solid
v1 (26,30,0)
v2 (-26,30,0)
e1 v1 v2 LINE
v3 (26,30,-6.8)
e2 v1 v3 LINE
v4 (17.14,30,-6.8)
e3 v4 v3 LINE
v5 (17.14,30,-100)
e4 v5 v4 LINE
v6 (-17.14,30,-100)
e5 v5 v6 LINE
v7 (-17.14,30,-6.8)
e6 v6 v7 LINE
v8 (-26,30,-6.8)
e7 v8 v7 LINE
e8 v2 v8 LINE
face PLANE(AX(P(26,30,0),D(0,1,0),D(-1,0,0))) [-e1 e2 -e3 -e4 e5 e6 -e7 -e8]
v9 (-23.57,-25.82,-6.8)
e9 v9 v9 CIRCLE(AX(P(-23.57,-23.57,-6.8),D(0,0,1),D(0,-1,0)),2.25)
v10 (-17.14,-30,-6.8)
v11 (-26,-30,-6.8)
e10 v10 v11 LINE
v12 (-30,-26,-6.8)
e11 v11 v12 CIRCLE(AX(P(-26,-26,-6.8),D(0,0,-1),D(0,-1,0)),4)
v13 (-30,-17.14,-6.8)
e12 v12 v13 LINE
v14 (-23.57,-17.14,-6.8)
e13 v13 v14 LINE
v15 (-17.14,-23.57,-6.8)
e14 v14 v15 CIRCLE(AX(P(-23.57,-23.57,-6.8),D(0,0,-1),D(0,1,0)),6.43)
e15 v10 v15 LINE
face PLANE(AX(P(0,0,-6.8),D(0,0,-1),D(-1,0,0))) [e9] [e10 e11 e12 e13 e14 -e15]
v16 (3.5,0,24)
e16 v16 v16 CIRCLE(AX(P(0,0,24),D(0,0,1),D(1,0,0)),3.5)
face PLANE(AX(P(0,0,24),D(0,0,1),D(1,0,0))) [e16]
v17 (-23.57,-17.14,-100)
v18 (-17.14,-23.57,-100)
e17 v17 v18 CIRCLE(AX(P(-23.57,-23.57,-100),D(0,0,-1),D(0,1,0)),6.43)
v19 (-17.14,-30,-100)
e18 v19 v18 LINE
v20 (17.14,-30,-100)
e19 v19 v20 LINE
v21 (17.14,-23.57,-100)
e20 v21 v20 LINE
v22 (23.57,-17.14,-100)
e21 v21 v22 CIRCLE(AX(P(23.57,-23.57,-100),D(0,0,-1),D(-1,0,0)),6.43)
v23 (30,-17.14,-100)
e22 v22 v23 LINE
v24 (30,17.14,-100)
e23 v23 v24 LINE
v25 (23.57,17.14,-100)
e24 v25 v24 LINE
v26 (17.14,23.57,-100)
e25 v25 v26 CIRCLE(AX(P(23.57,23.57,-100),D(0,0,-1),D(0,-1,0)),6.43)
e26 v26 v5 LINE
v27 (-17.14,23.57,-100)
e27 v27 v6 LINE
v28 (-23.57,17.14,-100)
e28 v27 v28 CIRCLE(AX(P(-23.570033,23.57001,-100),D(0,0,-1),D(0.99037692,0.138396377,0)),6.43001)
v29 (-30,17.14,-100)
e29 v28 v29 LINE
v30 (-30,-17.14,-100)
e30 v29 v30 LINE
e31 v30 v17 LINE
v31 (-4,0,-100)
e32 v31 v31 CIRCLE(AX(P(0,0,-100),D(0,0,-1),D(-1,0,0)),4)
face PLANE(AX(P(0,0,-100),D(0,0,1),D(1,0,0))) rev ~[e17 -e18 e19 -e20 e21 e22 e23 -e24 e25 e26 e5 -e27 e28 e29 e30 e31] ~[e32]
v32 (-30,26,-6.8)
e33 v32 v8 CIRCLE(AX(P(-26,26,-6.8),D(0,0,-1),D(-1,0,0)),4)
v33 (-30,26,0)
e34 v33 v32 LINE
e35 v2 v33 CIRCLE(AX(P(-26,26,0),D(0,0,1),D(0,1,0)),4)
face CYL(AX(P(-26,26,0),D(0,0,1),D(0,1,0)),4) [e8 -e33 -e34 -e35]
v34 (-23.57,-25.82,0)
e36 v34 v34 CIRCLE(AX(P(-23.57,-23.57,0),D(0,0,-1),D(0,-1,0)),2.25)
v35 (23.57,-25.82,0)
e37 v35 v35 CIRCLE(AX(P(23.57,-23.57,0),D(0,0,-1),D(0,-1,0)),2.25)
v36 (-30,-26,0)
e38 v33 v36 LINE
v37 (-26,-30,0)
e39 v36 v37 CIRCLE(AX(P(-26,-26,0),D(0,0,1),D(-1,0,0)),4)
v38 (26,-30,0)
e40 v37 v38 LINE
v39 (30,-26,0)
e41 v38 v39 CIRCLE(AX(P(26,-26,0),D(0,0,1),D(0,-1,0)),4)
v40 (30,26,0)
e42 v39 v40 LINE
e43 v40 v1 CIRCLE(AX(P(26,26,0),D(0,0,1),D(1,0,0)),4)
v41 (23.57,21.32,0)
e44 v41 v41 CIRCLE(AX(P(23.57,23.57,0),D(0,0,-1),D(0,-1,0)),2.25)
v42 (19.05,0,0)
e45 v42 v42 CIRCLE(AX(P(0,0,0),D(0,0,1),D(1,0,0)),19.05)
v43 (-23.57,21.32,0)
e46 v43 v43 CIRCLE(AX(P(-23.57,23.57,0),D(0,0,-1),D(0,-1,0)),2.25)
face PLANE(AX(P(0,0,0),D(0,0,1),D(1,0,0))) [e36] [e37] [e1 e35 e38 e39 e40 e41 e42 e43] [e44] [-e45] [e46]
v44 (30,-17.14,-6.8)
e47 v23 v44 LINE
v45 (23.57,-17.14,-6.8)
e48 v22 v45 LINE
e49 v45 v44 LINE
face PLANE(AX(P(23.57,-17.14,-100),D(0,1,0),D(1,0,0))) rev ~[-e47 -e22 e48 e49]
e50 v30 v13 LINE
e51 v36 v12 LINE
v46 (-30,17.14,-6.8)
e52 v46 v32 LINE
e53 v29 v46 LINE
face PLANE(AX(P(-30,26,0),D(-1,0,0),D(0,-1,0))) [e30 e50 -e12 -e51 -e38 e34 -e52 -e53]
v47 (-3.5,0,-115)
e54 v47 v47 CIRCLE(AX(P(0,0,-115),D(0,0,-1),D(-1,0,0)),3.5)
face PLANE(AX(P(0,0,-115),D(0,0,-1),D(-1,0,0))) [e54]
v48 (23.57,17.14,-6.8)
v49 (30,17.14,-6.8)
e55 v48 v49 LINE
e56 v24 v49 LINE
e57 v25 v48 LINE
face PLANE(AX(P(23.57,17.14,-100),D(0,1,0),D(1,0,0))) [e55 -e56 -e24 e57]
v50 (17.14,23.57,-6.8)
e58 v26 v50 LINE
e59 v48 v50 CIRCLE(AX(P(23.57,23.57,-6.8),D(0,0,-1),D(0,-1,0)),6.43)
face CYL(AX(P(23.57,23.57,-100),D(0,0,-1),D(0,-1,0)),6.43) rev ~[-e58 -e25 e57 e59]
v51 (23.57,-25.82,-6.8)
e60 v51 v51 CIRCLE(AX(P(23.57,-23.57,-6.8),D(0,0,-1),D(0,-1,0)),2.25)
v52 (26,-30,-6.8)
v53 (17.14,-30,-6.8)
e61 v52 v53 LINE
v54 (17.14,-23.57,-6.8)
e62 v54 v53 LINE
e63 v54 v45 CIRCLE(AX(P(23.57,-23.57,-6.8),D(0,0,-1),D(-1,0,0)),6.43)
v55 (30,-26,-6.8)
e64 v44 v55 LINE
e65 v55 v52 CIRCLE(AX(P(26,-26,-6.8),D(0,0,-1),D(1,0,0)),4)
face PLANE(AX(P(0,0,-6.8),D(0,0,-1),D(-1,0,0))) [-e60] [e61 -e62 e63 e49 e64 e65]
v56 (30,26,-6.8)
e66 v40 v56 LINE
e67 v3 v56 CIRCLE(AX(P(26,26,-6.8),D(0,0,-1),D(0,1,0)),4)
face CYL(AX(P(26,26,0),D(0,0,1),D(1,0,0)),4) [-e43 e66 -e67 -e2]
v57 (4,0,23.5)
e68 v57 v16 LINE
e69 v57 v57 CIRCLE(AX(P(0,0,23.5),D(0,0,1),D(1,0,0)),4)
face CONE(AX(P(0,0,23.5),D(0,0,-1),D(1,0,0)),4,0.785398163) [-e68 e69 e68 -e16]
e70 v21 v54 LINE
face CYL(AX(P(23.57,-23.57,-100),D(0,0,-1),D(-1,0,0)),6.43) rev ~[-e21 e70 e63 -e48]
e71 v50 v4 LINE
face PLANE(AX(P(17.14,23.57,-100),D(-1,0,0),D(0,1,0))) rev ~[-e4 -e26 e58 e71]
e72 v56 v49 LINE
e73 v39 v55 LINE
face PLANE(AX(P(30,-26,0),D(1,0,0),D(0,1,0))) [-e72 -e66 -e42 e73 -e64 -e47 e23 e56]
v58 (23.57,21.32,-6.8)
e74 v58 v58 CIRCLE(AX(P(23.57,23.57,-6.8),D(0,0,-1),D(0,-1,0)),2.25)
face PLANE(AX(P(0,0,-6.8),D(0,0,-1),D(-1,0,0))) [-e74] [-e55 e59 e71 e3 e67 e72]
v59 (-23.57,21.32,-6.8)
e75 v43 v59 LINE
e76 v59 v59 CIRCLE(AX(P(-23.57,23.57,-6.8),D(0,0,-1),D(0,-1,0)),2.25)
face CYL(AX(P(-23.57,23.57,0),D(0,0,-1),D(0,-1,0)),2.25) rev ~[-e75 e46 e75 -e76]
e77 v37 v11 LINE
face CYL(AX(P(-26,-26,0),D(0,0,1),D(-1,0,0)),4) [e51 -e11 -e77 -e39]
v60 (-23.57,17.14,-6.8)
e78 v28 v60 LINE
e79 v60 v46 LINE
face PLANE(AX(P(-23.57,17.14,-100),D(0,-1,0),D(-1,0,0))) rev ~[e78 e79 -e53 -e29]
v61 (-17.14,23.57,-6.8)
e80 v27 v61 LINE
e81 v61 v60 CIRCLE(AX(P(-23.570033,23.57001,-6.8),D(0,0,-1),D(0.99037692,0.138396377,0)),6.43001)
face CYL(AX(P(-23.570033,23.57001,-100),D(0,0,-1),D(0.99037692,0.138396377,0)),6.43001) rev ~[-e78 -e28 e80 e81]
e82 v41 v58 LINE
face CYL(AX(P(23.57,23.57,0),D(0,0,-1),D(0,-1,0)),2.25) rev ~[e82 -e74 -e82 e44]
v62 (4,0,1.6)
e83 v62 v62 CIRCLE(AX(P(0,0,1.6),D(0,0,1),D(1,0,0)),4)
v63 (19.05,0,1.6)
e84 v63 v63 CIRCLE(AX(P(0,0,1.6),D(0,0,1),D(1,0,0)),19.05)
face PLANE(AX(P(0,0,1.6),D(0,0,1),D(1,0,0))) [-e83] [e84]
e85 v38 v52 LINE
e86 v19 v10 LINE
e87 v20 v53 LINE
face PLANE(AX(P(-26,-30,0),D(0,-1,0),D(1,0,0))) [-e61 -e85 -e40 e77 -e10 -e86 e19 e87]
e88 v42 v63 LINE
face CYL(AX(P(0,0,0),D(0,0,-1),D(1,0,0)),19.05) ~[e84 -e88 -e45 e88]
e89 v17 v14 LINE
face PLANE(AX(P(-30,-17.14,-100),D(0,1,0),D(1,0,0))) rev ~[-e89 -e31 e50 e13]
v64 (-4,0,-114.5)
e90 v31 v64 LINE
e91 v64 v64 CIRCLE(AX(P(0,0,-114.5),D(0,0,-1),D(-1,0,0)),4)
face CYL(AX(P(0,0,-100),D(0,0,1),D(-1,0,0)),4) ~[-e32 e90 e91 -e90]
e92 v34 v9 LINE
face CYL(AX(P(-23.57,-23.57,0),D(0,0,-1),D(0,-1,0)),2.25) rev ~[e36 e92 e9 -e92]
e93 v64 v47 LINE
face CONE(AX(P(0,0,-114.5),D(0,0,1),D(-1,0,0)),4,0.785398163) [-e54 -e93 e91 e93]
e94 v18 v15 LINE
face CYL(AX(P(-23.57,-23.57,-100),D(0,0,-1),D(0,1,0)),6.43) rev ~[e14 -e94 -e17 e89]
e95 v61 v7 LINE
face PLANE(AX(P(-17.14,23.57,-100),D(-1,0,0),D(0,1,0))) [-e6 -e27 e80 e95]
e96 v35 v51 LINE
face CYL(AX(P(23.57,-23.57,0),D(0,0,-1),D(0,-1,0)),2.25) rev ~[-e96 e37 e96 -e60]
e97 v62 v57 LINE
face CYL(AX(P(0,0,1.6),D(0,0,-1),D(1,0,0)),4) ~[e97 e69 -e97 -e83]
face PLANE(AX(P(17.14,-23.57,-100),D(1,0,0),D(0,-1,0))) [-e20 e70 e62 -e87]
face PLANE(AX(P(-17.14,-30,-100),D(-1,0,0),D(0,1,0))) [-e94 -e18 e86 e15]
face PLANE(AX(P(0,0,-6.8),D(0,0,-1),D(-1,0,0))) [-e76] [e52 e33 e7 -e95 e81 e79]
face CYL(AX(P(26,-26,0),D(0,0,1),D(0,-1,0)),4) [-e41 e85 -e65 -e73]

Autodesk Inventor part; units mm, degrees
ref_plane "YZ Plane" through (0, 0, 0) normal (1, 0, 0) x (0, 1, 0)
ref_plane "XZ Plane" through (0, 0, 0) normal (0, 1, 0) x (-1, 0, 0)
ref_plane "XY Plane" through (0, 0, 0) normal (0, 0, 1) x (1, 0, 0)
sketch "Skizze1" plane through (0, 0, 0) normal (0, 0, 1) x (1, 0, 0)
  line L0 (-26, -30) -> (26, -30)
  line L1 (30, -26) -> (30, 26)
  line L2 (26, 30) -> (-26, 30)
  line L3 (-30, 26) -> (-30, -26)
  line L4 (-30, -30) -> (30, 30) construction
  line L5 (30, -30) -> (-30, 30) construction
  arc A0 (30, 26) -> (26, 30) centre (26, 26) ccw
  arc A1 (26, -30) -> (30, -26) centre (26, -26) ccw
  arc A2 (-30, -26) -> (-26, -30) centre (-26, -26) ccw
  arc A3 (-26, 30) -> (-30, 26) centre (-26, 26) ccw
  point P0 (0, 0)
  dimension "d0" = 4
  dimension "d1" = 60
extrude "Extrusion1" add sketch "Skizze1" against normal blind 100
sketch "Skizze2" plane through (0, 0, 0) normal (0, 0, 1) x (1, 0, 0)
  circle A0 centre (0, 0) radius 19.05
  dimension "d4" = 38.1
extrude "Extrusion2" add sketch "Skizze2" along normal blind 1.6
sketch "Skizze4" plane through (0, 0, 0) normal (0, 0, 1) x (1, 0, 0)
  circle A0 centre (0, 0) radius 19.05 projected
  line L0 (30, 26) -> (30, -26) projected
  arc A1 (30, 26) -> (26, 30) centre (26, 26) ccw projected
  line L1 (-26, 30) -> (26, 30) projected
  arc A2 (-26, 30) -> (-30, 26) centre (-26, 26) ccw projected
  line L2 (-30, -26) -> (-30, 26) projected
  arc A3 (-30, -26) -> (-26, -30) centre (-26, -26) ccw projected
  line L3 (26, -30) -> (-26, -30) projected
  arc A4 (26, -30) -> (30, -26) centre (26, -26) ccw projected
  line L4 (26, -26) -> (-26, 26) construction
  line L5 (-23.57, 23.57) -> (23.57, 23.57) construction
  line L6 (23.57, 23.57) -> (23.57, -23.57) construction
  line L7 (23.57, -23.57) -> (-23.57, -23.57) construction
  line L8 (-23.57, -23.57) -> (-23.57, 23.57) construction
  line L9 (-23.57, 23.57) -> (23.57, -23.57) construction
  line L10 (23.57, 23.57) -> (-23.57, -23.57) construction
  dimension "d15" = 47.14
hole "Bohrung1" at (23.57, 23.57, 0) at (-23.57, 23.57, 0) at (-23.57, -23.57, 0) at (23.57, -23.57, 0) direction (0, 0, -1) diameter 4.5 end through all
sketch "Skizze5" plane through (0, 0, 1.6) normal (0, 0, 1) x (1, 0, 0)
  circle A0 centre (0, 0) radius 4
  dimension "d23" = 8
extrude "Extrusion4" add sketch "Skizze5" along normal blind 22.4
sketch "Skizze7" plane through (0, 0, -100) normal (0, 0, -1) x (-1, 0, 0)
  circle A0 centre (23.57, -23.57) radius 2.25 projected
  circle A1 centre (-23.57, 23.57) radius 2.25 projected
  circle A2 centre (23.57, 23.57) radius 2.25 projected
  circle A3 centre (-23.57, -23.57) radius 2.25 projected
  line L0 (-30, 26) -> (-30, -26) projected
  arc A4 (-30, -26) -> (-26, -30) centre (-26, -26) ccw projected
  line L1 (-26, -30) -> (26, -30) projected
  arc A5 (26, -30) -> (30, -26) centre (26, -26) ccw projected
  line L2 (30, -26) -> (30, 26) projected
  arc A6 (30, 26) -> (26, 30) centre (26, 26) ccw projected
  line L3 (26, 30) -> (-26, 30) projected
  arc A7 (-26, 30) -> (-30, 26) centre (-26, 26) ccw projected
  circle A8 centre (23.57, -23.57) radius 6.43 construction
  line L4 (30, -26) -> (30, 26) projected
  line L5 (30, -17.14) -> (23.57, -17.14)
  line L6 (-26, -30) -> (26, -30) projected
  line L7 (17.14, -30) -> (17.14, -23.57)
  arc A9 (23.57, -17.14) -> (17.14, -23.57) centre (23.57, -23.57) ccw
  arc A10 (-17.14, -23.57) -> (-23.57, -17.14) centre (-23.57, -23.57) ccw
  arc A11 (17.2019, 24.4599) -> (23.57, 17.14) centre (23.57, 23.57) ccw
  arc A12 (-23.57, 17.14) -> (-17.14, 23.57) centre (-23.57, 23.57) ccw
  line L8 (23.57, 17.14) -> (30, 17.14)
  line L9 (17.14, 23.57) -> (17.14, 30)
  line L10 (26, 30) -> (-26, 30) projected
  line L11 (-17.14, 23.57) -> (-17.14, 30)
  line L12 (-23.57, 17.14) -> (-30, 17.14)
  line L13 (-23.57, -17.14) -> (-30, -17.14)
  line L14 (-17.14, -23.57) -> (-17.14, -30)
  point P0 (0, 0)
extrude "Extrusion6" cut sketch "Skizze7" against normal blind 93.2 contours A7 L3 L11 A12 L12 L0 | L13 A10 L14 L1 A4 L0 | L3 A6 L2 L8 A11 L9 | L7 A9 L5 L2 A5 L1
sketch "Skizze8" plane through (0, 0, -100) normal (0, 0, -1) x (-1, 0, 0)
  circle A0 centre (23.57, -23.57) radius 2.25 construction
  circle A1 centre (-23.57, 23.57) radius 2.25 construction
  circle A2 centre (23.57, 23.57) radius 2.25 construction
  circle A3 centre (-23.57, -23.57) radius 2.25 construction
  circle A4 centre (0, 0) radius 19.05 construction
  line L0 (-30, 26) -> (-30, -26) construction
  arc A5 (-26, 30) -> (-30, 26) centre (-26, 26) ccw construction
  line L1 (26, 30) -> (-26, 30) construction
  arc A6 (30, 26) -> (26, 30) centre (26, 26) ccw construction
  line L2 (30, -26) -> (30, 26) construction
  arc A7 (26, -30) -> (30, -26) centre (26, -26) ccw construction
  line L3 (-26, -30) -> (26, -30) construction
  arc A8 (-30, -26) -> (-26, -30) centre (-26, -26) ccw construction
  circle A9 centre (0, 0) radius 42.4264 construction
  line L4 (30, 30) -> (-30, 30) construction
  line L5 (-30, 30) -> (-30, -30) construction
  line L6 (-30, -30) -> (30, -30) construction
  line L7 (30, -30) -> (30, 30) construction
  line L8 (30, 30) -> (-30, -30) construction
  line L9 (-30, 30) -> (30, -30) construction
  line L10 (-17.14, -30) -> (17.14, -30) construction
  line L11 (-30, 17.14) -> (-30, -17.14) construction
sketch "Skizze9" plane through (0, 0, -100) normal (0, 0, -1) x (-1, 0, 0)
  circle A0 centre (0, 0) radius 4 projected
extrude "Extrusion7" add sketch "Skizze9" along normal blind 15
chamfer "Fase1" distance 0.5 angle 45 2 edges at (4, 0, -115) (-4, 0, 24)
equation "\"d1\" = breite"
equation "\"d2\" = Laenge"
equation "\"d4\" = fit"
equation "\"d5\" = fit_l"
equation "\"d15\" = lochabstand"
equation "\"d16\" = bohrung_d"
equation "\"d23\" = schaft_d"
equation "\"d24\" = schaft_l"
equation "\"d28\" = Laenge - Mount_l"
equation "\"breite\" = 60"
equation "\"lochabstand\" = 47.14"
equation "\"schaft_d\" = 8"
equation "\"fit\" = 38.1"
equation "\"fit_l\" = 1.6"
equation "\"Mount_l\" = 6.8"
equation "\"Laenge\" = 100"
equation "\"bohrung_d\" = 4.5"
equation "\"schaft_l\" = 22.4"
properties part number "Nema24 - L100" material "Stahl"
